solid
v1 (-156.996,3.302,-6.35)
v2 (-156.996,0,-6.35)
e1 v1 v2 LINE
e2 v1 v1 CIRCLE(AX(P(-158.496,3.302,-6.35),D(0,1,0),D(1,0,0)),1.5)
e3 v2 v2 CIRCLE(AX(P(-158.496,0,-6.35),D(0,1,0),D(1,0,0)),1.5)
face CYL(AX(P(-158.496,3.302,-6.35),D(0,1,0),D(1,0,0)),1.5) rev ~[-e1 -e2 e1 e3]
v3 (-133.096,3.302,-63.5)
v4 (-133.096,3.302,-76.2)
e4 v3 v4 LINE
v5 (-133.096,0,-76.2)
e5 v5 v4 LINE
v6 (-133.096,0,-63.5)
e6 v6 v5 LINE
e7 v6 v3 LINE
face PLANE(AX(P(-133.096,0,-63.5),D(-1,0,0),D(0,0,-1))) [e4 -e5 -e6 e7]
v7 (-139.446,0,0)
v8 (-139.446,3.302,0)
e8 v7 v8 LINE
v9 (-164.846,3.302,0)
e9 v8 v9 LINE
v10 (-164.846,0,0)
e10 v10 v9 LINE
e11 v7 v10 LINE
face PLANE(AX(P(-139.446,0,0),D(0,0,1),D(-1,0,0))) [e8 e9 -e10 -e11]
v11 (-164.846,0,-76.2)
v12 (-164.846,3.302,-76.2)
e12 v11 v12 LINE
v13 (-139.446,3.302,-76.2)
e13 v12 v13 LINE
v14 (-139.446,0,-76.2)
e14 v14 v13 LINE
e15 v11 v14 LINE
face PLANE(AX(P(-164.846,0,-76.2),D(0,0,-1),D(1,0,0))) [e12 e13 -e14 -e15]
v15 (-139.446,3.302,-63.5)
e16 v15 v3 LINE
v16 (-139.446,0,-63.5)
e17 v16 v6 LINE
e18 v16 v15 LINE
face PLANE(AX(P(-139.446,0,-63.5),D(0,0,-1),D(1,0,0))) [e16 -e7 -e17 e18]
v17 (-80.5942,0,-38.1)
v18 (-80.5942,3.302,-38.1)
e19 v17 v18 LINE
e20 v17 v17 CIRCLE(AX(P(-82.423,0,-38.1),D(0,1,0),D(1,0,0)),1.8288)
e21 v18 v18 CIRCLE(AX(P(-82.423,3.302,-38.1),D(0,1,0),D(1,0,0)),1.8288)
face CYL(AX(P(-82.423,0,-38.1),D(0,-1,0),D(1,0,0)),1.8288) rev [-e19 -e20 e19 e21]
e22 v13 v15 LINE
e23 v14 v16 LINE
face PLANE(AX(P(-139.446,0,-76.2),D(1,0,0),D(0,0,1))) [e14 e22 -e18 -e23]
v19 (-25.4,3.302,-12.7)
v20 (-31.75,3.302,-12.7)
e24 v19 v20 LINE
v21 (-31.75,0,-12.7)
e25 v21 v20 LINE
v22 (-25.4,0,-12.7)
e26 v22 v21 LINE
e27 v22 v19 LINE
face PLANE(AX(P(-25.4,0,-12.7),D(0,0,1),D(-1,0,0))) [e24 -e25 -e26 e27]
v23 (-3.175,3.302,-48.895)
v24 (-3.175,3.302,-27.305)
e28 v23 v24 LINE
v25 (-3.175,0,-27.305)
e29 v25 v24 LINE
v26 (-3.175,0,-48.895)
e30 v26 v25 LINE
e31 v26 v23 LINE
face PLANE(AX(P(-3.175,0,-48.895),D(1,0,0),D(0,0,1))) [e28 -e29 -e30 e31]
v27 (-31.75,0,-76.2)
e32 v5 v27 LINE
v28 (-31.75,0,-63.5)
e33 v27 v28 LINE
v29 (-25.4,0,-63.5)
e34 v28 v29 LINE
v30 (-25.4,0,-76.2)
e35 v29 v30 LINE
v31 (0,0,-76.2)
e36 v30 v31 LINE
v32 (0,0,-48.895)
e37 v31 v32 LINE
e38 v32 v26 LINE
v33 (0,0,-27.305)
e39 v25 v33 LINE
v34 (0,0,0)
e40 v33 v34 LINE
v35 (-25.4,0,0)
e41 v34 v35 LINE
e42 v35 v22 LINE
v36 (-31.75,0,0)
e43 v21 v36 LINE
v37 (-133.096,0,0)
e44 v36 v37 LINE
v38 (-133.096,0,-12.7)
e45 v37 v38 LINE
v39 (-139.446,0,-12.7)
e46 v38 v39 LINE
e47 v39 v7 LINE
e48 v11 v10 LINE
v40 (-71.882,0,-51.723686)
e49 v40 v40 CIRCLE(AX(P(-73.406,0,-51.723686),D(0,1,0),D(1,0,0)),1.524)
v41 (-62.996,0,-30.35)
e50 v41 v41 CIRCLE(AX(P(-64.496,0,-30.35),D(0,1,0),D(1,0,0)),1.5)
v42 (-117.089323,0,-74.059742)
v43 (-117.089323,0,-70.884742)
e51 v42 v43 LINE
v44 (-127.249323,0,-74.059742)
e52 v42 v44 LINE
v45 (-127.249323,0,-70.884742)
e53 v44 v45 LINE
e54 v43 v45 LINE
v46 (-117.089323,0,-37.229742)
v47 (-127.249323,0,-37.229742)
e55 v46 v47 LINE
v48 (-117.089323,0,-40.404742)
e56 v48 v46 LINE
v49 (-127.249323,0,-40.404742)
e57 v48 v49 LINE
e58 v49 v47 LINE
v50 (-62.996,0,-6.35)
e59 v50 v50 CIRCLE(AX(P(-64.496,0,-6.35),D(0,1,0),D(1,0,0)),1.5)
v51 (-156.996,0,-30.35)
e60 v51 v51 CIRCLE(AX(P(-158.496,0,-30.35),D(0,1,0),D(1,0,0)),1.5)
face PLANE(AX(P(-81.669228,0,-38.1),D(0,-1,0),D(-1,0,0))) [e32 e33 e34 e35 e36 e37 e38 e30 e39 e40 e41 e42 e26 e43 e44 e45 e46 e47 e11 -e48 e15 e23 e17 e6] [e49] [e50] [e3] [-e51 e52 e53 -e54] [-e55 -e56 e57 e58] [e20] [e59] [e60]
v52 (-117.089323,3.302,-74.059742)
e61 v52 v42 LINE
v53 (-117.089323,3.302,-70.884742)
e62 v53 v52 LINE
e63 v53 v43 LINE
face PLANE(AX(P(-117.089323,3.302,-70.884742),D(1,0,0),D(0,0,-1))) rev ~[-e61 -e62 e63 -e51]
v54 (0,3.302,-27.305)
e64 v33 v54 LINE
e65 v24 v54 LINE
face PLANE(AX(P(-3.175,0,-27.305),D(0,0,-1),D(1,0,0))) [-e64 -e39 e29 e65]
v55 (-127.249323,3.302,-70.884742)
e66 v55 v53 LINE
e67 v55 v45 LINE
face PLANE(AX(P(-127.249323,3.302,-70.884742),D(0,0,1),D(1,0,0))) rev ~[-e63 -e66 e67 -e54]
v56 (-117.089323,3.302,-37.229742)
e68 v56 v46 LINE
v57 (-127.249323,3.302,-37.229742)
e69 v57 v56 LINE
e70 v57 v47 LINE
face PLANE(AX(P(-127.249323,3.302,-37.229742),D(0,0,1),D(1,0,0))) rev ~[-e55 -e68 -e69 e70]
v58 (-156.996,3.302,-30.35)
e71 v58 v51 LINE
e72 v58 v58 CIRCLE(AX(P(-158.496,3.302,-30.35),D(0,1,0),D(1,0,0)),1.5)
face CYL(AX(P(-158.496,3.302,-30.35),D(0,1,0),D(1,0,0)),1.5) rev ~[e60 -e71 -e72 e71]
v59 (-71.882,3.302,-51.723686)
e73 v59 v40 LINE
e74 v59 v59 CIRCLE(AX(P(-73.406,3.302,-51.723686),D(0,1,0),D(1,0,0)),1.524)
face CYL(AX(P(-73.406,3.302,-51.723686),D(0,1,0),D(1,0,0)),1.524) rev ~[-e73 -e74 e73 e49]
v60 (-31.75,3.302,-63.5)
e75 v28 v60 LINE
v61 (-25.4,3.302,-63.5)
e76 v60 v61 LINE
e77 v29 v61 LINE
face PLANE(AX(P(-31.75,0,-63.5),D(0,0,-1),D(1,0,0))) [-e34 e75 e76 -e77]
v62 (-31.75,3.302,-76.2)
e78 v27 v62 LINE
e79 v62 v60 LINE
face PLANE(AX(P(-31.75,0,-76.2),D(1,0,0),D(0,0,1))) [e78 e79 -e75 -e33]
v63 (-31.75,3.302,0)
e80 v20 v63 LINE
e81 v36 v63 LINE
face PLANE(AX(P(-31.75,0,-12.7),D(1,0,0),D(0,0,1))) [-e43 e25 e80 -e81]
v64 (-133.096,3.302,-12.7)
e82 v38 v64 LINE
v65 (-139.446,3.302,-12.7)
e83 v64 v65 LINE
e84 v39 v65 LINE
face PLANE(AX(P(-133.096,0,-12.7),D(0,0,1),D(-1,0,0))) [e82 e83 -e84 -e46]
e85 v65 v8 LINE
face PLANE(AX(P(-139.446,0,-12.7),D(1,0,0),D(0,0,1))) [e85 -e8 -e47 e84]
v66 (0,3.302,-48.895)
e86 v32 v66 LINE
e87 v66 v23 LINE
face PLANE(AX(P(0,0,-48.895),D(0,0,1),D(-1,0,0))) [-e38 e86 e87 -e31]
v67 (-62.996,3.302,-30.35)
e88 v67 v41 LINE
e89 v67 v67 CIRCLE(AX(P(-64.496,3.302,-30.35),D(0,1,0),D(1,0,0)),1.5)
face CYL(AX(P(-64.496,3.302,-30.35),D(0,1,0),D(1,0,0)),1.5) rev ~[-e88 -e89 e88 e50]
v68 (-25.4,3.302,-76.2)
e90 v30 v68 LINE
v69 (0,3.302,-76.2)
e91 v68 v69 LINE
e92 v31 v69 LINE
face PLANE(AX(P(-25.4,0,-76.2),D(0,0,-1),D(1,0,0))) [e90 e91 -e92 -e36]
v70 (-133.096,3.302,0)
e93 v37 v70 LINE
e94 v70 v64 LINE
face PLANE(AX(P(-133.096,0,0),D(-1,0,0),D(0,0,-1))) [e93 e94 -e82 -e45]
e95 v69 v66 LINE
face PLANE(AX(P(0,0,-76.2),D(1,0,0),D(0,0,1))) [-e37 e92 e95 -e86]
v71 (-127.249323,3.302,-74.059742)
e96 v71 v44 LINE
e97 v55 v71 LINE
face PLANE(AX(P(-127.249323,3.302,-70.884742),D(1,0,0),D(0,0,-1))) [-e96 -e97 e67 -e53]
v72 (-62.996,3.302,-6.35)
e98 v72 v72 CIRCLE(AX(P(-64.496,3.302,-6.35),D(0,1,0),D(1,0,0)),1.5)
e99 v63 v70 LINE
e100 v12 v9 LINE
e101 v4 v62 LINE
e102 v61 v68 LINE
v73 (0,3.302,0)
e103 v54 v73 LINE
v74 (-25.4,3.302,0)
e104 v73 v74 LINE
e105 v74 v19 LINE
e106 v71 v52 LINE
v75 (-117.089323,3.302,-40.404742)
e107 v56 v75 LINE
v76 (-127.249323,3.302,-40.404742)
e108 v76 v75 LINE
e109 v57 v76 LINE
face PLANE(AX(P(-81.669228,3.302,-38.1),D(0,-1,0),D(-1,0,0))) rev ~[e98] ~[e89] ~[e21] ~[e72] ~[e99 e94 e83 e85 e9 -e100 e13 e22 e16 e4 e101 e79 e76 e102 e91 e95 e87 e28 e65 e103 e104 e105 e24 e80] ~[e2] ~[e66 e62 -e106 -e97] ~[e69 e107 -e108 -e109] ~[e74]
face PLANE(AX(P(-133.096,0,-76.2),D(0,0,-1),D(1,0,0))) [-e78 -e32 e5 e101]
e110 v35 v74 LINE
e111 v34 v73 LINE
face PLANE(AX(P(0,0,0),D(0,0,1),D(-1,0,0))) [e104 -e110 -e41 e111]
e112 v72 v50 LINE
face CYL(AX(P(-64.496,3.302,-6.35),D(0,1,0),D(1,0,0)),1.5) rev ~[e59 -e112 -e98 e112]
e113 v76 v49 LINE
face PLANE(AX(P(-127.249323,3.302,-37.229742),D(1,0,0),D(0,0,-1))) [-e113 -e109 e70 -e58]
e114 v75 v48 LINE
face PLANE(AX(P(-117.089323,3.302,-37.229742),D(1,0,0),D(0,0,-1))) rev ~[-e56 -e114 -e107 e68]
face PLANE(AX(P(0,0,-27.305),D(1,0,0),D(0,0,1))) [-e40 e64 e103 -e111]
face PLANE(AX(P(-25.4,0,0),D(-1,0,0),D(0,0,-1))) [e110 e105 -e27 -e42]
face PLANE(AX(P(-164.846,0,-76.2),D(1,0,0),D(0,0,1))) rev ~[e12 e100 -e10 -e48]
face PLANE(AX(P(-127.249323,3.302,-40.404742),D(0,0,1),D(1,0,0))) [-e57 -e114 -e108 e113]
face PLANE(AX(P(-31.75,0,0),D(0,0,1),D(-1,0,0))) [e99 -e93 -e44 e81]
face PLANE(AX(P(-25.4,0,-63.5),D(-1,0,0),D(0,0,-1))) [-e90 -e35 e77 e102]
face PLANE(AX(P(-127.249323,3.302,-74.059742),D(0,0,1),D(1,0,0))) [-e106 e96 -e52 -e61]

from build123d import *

# Parameters (mm, degrees)
SKETCH1_R           = 1.8288
BOSS_EXTRUDE1_DEPTH = 3.302
SKETCH2_R           = 1.5
CUT_EXTRUDE1_DEPTH  = 4.302
SKETCH3_R           = 1.524
SKETCH3_W           = 10.16
SKETCH3_H           = 3.175
CUT_EXTRUDE2_DEPTH  = 4.302


with BuildPart() as part:
    # Sketch1 → Boss-Extrude1 (new body)
    with BuildSketch(Plane(origin=(0, 0, 0), x_dir=(1, 0, 0), z_dir=(0, 1, 0))):
        Polygon((-164.846, 76.2), (-139.446, 76.2), (-139.446, 63.5), (-133.096, 63.5), (-133.096, 76.2), (-31.75, 76.2), (-31.75, 63.5), (-25.4, 63.5), (-25.4, 76.2), (0, 76.2), (0, 48.895), (-3.175, 48.895), (-3.175, 27.305), (0, 27.305), (0, 0), (-25.4, 0), (-25.4, 12.7), (-31.75, 12.7), (-31.75, 0), (-133.096, 0), (-133.096, 12.7), (-139.446, 12.7), (-139.446, 0), (-164.846, 0), (-164.846, 27.305), (-164.846, 48.895), align=None)
        with Locations((-82.423, 38.1)):
            Circle(SKETCH1_R, mode=Mode.SUBTRACT)
    extrude(amount=BOSS_EXTRUDE1_DEPTH)

    # Sketch2 → Cut-Extrude1 (cut, through all)
    with BuildSketch(Plane(origin=(0, 3.302, 0), x_dir=(1, 0, 0), z_dir=(0, 1, 0))):
        with Locations((-158.496, 30.35)):
            Circle(SKETCH2_R)
        with Locations((-158.496, 6.35)):
            Circle(SKETCH2_R)
        with Locations((-64.496, 6.35)):
            Circle(SKETCH2_R)
        with Locations((-64.496, 30.35)):
            Circle(SKETCH2_R)
    extrude(amount=-CUT_EXTRUDE1_DEPTH, mode=Mode.SUBTRACT)

    # Sketch3 → Cut-Extrude2 (cut, through all)
    with BuildSketch(Plane(origin=(0, 3.302, 0), x_dir=(1, 0, 0), z_dir=(0, 1, 0))):
        with Locations((-73.406, 51.723686304)):
            Circle(SKETCH3_R)
        with Locations((-122.169322677, 38.81724188)):
            Rectangle(SKETCH3_W, SKETCH3_H)
        with Locations((-122.169322677, 72.47224188)):
            Rectangle(SKETCH3_W, SKETCH3_H)
    extrude(amount=-CUT_EXTRUDE2_DEPTH, mode=Mode.SUBTRACT)


solid = part.part
